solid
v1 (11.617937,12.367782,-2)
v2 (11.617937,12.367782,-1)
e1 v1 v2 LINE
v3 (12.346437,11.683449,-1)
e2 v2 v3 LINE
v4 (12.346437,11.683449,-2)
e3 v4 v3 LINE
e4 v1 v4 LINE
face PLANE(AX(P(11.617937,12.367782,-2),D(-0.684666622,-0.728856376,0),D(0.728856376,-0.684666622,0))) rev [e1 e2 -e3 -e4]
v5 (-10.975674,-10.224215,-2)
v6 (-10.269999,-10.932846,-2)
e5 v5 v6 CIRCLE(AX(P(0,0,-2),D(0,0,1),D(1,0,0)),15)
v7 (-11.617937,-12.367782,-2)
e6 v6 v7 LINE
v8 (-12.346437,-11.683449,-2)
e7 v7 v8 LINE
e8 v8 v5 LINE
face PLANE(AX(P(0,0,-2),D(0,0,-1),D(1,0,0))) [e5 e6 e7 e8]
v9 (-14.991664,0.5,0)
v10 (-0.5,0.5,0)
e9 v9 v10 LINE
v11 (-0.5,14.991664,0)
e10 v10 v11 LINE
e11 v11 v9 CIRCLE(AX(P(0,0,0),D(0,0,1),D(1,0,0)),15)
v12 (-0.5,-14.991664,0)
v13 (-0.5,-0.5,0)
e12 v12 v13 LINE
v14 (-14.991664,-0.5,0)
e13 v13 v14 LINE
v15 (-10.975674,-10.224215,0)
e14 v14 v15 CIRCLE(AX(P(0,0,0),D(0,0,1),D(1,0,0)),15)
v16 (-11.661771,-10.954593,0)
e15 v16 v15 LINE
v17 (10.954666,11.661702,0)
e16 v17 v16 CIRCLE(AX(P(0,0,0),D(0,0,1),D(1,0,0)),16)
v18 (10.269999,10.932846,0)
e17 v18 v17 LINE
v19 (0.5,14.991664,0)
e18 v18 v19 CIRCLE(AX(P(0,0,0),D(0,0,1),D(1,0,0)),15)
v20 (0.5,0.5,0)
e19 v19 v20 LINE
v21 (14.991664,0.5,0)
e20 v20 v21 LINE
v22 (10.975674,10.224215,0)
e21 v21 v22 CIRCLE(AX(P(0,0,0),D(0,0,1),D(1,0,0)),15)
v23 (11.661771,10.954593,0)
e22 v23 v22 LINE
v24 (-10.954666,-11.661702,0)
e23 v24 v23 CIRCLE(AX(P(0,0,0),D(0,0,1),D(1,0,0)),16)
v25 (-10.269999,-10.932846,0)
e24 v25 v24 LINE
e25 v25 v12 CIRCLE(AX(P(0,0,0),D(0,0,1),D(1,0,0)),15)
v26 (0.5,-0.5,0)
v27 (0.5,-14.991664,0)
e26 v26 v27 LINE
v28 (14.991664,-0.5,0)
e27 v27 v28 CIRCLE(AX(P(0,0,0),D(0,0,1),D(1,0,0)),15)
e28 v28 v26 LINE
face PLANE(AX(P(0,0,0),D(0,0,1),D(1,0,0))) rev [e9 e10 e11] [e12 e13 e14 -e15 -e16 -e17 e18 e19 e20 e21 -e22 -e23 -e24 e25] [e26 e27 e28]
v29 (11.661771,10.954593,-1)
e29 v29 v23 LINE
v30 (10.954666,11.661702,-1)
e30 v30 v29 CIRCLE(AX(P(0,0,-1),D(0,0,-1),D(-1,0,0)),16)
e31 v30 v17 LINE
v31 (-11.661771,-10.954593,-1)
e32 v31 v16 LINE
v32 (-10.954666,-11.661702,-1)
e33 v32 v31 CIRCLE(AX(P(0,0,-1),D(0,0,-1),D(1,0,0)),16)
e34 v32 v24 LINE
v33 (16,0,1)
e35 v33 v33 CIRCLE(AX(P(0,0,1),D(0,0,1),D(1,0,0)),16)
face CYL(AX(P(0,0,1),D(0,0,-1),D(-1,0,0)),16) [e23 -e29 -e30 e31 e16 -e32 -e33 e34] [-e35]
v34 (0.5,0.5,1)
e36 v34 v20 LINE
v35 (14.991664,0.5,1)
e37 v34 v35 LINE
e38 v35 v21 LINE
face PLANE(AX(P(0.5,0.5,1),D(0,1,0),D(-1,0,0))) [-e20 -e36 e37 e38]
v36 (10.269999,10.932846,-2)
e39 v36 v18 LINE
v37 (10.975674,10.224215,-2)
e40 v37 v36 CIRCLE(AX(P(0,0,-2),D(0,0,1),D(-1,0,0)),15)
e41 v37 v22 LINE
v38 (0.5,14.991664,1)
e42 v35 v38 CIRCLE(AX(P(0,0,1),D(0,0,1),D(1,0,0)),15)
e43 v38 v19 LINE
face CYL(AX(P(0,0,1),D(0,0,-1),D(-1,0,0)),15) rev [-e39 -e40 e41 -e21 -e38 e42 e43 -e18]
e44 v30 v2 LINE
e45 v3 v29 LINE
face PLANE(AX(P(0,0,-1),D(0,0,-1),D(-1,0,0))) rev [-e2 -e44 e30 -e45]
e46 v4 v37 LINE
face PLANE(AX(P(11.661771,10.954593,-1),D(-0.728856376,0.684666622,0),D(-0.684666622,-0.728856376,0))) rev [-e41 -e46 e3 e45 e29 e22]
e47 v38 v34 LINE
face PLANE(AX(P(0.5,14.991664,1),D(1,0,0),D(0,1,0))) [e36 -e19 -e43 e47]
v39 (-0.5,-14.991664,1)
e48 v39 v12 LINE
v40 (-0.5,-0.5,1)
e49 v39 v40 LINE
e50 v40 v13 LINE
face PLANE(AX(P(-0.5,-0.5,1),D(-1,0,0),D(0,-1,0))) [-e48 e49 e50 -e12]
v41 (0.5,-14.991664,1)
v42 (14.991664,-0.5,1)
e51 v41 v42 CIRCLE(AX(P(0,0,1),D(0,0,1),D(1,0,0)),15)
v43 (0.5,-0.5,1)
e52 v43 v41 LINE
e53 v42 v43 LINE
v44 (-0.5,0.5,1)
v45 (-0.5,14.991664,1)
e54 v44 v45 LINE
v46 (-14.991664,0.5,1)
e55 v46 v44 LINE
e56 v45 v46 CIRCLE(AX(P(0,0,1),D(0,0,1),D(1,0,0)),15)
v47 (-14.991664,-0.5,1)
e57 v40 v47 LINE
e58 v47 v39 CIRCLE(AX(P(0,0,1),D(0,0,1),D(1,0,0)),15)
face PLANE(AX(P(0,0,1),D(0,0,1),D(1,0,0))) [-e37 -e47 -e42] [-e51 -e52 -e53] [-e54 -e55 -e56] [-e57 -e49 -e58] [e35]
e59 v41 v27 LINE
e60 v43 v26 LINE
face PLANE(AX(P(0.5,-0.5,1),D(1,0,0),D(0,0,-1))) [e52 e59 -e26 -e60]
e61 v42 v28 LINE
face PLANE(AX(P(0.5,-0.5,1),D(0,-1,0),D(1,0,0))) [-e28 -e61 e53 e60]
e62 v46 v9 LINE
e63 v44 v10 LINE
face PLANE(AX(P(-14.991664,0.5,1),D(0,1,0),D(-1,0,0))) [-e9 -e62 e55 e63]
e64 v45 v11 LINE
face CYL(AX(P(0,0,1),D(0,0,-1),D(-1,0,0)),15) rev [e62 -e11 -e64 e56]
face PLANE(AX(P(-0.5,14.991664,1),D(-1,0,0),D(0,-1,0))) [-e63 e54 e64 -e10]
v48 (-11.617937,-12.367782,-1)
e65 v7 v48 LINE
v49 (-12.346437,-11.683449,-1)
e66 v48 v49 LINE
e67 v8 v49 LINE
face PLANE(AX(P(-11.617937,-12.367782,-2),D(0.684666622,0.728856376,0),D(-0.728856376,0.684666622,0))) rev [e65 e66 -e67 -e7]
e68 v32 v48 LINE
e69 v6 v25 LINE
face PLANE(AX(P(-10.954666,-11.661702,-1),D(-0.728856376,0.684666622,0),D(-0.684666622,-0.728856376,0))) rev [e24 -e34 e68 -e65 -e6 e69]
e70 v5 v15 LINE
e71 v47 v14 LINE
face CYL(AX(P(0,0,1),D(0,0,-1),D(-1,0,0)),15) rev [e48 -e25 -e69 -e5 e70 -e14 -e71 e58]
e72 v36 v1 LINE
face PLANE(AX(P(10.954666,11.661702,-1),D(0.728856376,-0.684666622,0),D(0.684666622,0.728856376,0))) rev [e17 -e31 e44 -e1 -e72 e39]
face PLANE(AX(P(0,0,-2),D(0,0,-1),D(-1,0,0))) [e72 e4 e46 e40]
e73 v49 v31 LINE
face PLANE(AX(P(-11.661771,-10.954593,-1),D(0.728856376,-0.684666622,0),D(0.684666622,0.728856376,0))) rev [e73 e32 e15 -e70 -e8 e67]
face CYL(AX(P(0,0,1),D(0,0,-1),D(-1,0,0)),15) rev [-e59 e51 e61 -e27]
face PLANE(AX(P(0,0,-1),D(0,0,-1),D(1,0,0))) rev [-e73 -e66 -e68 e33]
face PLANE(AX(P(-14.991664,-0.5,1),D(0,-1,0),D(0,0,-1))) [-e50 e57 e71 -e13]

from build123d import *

# Parameters (mm, degrees)
SKETCH1_R           = 16
BOSS_EXTRUDE1_DEPTH = 1
BOSS_EXTRUDE2_DEPTH = 1
BOSS_EXTRUDE3_DEPTH = 1
CIRPATTERN1_COUNT   = 2


with BuildPart() as part:
    # Sketch1 → Boss-Extrude1 (new body)
    with BuildSketch(Plane.XY):
        Circle(SKETCH1_R)
        with BuildLine():
            Line((-0.5, 14.991664351), (-0.5, 0.5))
            Line((-0.5, 0.5), (-14.991664351, 0.5))
            ThreePointArc((-14.991664351, 0.5), (-10.606601718, 10.606601718), (-0.5, 14.991664351))
        make_face(mode=Mode.SUBTRACT)
        with BuildLine():
            Line((0.5, 14.991664351), (0.5, 0.5))
            Line((0.5, 0.5), (14.991664351, 0.5))
            ThreePointArc((14.991664351, 0.5), (10.606601718, 10.606601718), (0.5, 14.991664351))
        make_face(mode=Mode.SUBTRACT)
        with BuildLine():
            Line((-14.991664351, -0.5), (-0.5, -0.5))
            Line((-0.5, -0.5), (-0.5, -14.991664351))
            ThreePointArc((-0.5, -14.991664351), (-10.606601718, -10.606601718), (-14.991664351, -0.5))
        make_face(mode=Mode.SUBTRACT)
        with BuildLine():
            Line((0.5, -0.5), (14.991664351, -0.5))
            ThreePointArc((14.991664351, -0.5), (10.606601718, -10.606601718), (0.5, -14.991664351))
            Line((0.5, -14.991664351), (0.5, -0.5))
        make_face(mode=Mode.SUBTRACT)
    extrude(amount=BOSS_EXTRUDE1_DEPTH)

    # Sketch3 → Boss-Extrude2 (add)
    with BuildSketch(Plane(origin=(0, 0, 0), x_dir=(-1, 0, 0), z_dir=(0, 0, -1))):
        with BuildLine():
            Line((-11.661770518, 10.954593027), (-10.97567443, 10.224214923))
            ThreePointArc((-10.97567443, 10.224214923), (-10.628744174, 10.58441294), (-10.269999326, 10.932845642))
            Line((-10.269999326, 10.932845642), (-10.954665948, 11.661702018))
            ThreePointArc((-10.954665948, 11.661702018), (-11.313743872, 11.313673126), (-11.661770518, 10.954593027))
        make_face()
    boss_extrude2 = extrude(amount=BOSS_EXTRUDE2_DEPTH)

    # Sketch4 → Boss-Extrude3 (add)
    with BuildSketch(Plane(origin=(0, 0, -1), x_dir=(-1, 0, 0), z_dir=(0, 0, -1))):
        with BuildLine():
            Line((-11.661770518, 10.954593027), (-10.97567443, 10.224214923))
            ThreePointArc((-10.97567443, 10.224214923), (-10.628744174, 10.58441294), (-10.269999326, 10.932845642))
            Line((-10.269999326, 10.932845642), (-10.954665948, 11.661702018))
            Line((-10.954665948, 11.661702018), (-11.617936738, 12.367781633))
            Line((-11.617936738, 12.367781633), (-12.34643714, 11.683449403))
            Line((-12.34643714, 11.683449403), (-11.661770518, 10.954593027))
        make_face()
    boss_extrude3 = extrude(amount=BOSS_EXTRUDE3_DEPTH)

    # CirPattern1: Boss-Extrude2, Boss-Extrude3 ×2 about axis
    cirpattern1_axis = Axis((0, 0, 0), (0, 0, 1))
    for i in range(1, CIRPATTERN1_COUNT):
        add(boss_extrude2.rotate(cirpattern1_axis, i * 360 / CIRPATTERN1_COUNT))
        add(boss_extrude3.rotate(cirpattern1_axis, i * 360 / CIRPATTERN1_COUNT))


solid = part.part
